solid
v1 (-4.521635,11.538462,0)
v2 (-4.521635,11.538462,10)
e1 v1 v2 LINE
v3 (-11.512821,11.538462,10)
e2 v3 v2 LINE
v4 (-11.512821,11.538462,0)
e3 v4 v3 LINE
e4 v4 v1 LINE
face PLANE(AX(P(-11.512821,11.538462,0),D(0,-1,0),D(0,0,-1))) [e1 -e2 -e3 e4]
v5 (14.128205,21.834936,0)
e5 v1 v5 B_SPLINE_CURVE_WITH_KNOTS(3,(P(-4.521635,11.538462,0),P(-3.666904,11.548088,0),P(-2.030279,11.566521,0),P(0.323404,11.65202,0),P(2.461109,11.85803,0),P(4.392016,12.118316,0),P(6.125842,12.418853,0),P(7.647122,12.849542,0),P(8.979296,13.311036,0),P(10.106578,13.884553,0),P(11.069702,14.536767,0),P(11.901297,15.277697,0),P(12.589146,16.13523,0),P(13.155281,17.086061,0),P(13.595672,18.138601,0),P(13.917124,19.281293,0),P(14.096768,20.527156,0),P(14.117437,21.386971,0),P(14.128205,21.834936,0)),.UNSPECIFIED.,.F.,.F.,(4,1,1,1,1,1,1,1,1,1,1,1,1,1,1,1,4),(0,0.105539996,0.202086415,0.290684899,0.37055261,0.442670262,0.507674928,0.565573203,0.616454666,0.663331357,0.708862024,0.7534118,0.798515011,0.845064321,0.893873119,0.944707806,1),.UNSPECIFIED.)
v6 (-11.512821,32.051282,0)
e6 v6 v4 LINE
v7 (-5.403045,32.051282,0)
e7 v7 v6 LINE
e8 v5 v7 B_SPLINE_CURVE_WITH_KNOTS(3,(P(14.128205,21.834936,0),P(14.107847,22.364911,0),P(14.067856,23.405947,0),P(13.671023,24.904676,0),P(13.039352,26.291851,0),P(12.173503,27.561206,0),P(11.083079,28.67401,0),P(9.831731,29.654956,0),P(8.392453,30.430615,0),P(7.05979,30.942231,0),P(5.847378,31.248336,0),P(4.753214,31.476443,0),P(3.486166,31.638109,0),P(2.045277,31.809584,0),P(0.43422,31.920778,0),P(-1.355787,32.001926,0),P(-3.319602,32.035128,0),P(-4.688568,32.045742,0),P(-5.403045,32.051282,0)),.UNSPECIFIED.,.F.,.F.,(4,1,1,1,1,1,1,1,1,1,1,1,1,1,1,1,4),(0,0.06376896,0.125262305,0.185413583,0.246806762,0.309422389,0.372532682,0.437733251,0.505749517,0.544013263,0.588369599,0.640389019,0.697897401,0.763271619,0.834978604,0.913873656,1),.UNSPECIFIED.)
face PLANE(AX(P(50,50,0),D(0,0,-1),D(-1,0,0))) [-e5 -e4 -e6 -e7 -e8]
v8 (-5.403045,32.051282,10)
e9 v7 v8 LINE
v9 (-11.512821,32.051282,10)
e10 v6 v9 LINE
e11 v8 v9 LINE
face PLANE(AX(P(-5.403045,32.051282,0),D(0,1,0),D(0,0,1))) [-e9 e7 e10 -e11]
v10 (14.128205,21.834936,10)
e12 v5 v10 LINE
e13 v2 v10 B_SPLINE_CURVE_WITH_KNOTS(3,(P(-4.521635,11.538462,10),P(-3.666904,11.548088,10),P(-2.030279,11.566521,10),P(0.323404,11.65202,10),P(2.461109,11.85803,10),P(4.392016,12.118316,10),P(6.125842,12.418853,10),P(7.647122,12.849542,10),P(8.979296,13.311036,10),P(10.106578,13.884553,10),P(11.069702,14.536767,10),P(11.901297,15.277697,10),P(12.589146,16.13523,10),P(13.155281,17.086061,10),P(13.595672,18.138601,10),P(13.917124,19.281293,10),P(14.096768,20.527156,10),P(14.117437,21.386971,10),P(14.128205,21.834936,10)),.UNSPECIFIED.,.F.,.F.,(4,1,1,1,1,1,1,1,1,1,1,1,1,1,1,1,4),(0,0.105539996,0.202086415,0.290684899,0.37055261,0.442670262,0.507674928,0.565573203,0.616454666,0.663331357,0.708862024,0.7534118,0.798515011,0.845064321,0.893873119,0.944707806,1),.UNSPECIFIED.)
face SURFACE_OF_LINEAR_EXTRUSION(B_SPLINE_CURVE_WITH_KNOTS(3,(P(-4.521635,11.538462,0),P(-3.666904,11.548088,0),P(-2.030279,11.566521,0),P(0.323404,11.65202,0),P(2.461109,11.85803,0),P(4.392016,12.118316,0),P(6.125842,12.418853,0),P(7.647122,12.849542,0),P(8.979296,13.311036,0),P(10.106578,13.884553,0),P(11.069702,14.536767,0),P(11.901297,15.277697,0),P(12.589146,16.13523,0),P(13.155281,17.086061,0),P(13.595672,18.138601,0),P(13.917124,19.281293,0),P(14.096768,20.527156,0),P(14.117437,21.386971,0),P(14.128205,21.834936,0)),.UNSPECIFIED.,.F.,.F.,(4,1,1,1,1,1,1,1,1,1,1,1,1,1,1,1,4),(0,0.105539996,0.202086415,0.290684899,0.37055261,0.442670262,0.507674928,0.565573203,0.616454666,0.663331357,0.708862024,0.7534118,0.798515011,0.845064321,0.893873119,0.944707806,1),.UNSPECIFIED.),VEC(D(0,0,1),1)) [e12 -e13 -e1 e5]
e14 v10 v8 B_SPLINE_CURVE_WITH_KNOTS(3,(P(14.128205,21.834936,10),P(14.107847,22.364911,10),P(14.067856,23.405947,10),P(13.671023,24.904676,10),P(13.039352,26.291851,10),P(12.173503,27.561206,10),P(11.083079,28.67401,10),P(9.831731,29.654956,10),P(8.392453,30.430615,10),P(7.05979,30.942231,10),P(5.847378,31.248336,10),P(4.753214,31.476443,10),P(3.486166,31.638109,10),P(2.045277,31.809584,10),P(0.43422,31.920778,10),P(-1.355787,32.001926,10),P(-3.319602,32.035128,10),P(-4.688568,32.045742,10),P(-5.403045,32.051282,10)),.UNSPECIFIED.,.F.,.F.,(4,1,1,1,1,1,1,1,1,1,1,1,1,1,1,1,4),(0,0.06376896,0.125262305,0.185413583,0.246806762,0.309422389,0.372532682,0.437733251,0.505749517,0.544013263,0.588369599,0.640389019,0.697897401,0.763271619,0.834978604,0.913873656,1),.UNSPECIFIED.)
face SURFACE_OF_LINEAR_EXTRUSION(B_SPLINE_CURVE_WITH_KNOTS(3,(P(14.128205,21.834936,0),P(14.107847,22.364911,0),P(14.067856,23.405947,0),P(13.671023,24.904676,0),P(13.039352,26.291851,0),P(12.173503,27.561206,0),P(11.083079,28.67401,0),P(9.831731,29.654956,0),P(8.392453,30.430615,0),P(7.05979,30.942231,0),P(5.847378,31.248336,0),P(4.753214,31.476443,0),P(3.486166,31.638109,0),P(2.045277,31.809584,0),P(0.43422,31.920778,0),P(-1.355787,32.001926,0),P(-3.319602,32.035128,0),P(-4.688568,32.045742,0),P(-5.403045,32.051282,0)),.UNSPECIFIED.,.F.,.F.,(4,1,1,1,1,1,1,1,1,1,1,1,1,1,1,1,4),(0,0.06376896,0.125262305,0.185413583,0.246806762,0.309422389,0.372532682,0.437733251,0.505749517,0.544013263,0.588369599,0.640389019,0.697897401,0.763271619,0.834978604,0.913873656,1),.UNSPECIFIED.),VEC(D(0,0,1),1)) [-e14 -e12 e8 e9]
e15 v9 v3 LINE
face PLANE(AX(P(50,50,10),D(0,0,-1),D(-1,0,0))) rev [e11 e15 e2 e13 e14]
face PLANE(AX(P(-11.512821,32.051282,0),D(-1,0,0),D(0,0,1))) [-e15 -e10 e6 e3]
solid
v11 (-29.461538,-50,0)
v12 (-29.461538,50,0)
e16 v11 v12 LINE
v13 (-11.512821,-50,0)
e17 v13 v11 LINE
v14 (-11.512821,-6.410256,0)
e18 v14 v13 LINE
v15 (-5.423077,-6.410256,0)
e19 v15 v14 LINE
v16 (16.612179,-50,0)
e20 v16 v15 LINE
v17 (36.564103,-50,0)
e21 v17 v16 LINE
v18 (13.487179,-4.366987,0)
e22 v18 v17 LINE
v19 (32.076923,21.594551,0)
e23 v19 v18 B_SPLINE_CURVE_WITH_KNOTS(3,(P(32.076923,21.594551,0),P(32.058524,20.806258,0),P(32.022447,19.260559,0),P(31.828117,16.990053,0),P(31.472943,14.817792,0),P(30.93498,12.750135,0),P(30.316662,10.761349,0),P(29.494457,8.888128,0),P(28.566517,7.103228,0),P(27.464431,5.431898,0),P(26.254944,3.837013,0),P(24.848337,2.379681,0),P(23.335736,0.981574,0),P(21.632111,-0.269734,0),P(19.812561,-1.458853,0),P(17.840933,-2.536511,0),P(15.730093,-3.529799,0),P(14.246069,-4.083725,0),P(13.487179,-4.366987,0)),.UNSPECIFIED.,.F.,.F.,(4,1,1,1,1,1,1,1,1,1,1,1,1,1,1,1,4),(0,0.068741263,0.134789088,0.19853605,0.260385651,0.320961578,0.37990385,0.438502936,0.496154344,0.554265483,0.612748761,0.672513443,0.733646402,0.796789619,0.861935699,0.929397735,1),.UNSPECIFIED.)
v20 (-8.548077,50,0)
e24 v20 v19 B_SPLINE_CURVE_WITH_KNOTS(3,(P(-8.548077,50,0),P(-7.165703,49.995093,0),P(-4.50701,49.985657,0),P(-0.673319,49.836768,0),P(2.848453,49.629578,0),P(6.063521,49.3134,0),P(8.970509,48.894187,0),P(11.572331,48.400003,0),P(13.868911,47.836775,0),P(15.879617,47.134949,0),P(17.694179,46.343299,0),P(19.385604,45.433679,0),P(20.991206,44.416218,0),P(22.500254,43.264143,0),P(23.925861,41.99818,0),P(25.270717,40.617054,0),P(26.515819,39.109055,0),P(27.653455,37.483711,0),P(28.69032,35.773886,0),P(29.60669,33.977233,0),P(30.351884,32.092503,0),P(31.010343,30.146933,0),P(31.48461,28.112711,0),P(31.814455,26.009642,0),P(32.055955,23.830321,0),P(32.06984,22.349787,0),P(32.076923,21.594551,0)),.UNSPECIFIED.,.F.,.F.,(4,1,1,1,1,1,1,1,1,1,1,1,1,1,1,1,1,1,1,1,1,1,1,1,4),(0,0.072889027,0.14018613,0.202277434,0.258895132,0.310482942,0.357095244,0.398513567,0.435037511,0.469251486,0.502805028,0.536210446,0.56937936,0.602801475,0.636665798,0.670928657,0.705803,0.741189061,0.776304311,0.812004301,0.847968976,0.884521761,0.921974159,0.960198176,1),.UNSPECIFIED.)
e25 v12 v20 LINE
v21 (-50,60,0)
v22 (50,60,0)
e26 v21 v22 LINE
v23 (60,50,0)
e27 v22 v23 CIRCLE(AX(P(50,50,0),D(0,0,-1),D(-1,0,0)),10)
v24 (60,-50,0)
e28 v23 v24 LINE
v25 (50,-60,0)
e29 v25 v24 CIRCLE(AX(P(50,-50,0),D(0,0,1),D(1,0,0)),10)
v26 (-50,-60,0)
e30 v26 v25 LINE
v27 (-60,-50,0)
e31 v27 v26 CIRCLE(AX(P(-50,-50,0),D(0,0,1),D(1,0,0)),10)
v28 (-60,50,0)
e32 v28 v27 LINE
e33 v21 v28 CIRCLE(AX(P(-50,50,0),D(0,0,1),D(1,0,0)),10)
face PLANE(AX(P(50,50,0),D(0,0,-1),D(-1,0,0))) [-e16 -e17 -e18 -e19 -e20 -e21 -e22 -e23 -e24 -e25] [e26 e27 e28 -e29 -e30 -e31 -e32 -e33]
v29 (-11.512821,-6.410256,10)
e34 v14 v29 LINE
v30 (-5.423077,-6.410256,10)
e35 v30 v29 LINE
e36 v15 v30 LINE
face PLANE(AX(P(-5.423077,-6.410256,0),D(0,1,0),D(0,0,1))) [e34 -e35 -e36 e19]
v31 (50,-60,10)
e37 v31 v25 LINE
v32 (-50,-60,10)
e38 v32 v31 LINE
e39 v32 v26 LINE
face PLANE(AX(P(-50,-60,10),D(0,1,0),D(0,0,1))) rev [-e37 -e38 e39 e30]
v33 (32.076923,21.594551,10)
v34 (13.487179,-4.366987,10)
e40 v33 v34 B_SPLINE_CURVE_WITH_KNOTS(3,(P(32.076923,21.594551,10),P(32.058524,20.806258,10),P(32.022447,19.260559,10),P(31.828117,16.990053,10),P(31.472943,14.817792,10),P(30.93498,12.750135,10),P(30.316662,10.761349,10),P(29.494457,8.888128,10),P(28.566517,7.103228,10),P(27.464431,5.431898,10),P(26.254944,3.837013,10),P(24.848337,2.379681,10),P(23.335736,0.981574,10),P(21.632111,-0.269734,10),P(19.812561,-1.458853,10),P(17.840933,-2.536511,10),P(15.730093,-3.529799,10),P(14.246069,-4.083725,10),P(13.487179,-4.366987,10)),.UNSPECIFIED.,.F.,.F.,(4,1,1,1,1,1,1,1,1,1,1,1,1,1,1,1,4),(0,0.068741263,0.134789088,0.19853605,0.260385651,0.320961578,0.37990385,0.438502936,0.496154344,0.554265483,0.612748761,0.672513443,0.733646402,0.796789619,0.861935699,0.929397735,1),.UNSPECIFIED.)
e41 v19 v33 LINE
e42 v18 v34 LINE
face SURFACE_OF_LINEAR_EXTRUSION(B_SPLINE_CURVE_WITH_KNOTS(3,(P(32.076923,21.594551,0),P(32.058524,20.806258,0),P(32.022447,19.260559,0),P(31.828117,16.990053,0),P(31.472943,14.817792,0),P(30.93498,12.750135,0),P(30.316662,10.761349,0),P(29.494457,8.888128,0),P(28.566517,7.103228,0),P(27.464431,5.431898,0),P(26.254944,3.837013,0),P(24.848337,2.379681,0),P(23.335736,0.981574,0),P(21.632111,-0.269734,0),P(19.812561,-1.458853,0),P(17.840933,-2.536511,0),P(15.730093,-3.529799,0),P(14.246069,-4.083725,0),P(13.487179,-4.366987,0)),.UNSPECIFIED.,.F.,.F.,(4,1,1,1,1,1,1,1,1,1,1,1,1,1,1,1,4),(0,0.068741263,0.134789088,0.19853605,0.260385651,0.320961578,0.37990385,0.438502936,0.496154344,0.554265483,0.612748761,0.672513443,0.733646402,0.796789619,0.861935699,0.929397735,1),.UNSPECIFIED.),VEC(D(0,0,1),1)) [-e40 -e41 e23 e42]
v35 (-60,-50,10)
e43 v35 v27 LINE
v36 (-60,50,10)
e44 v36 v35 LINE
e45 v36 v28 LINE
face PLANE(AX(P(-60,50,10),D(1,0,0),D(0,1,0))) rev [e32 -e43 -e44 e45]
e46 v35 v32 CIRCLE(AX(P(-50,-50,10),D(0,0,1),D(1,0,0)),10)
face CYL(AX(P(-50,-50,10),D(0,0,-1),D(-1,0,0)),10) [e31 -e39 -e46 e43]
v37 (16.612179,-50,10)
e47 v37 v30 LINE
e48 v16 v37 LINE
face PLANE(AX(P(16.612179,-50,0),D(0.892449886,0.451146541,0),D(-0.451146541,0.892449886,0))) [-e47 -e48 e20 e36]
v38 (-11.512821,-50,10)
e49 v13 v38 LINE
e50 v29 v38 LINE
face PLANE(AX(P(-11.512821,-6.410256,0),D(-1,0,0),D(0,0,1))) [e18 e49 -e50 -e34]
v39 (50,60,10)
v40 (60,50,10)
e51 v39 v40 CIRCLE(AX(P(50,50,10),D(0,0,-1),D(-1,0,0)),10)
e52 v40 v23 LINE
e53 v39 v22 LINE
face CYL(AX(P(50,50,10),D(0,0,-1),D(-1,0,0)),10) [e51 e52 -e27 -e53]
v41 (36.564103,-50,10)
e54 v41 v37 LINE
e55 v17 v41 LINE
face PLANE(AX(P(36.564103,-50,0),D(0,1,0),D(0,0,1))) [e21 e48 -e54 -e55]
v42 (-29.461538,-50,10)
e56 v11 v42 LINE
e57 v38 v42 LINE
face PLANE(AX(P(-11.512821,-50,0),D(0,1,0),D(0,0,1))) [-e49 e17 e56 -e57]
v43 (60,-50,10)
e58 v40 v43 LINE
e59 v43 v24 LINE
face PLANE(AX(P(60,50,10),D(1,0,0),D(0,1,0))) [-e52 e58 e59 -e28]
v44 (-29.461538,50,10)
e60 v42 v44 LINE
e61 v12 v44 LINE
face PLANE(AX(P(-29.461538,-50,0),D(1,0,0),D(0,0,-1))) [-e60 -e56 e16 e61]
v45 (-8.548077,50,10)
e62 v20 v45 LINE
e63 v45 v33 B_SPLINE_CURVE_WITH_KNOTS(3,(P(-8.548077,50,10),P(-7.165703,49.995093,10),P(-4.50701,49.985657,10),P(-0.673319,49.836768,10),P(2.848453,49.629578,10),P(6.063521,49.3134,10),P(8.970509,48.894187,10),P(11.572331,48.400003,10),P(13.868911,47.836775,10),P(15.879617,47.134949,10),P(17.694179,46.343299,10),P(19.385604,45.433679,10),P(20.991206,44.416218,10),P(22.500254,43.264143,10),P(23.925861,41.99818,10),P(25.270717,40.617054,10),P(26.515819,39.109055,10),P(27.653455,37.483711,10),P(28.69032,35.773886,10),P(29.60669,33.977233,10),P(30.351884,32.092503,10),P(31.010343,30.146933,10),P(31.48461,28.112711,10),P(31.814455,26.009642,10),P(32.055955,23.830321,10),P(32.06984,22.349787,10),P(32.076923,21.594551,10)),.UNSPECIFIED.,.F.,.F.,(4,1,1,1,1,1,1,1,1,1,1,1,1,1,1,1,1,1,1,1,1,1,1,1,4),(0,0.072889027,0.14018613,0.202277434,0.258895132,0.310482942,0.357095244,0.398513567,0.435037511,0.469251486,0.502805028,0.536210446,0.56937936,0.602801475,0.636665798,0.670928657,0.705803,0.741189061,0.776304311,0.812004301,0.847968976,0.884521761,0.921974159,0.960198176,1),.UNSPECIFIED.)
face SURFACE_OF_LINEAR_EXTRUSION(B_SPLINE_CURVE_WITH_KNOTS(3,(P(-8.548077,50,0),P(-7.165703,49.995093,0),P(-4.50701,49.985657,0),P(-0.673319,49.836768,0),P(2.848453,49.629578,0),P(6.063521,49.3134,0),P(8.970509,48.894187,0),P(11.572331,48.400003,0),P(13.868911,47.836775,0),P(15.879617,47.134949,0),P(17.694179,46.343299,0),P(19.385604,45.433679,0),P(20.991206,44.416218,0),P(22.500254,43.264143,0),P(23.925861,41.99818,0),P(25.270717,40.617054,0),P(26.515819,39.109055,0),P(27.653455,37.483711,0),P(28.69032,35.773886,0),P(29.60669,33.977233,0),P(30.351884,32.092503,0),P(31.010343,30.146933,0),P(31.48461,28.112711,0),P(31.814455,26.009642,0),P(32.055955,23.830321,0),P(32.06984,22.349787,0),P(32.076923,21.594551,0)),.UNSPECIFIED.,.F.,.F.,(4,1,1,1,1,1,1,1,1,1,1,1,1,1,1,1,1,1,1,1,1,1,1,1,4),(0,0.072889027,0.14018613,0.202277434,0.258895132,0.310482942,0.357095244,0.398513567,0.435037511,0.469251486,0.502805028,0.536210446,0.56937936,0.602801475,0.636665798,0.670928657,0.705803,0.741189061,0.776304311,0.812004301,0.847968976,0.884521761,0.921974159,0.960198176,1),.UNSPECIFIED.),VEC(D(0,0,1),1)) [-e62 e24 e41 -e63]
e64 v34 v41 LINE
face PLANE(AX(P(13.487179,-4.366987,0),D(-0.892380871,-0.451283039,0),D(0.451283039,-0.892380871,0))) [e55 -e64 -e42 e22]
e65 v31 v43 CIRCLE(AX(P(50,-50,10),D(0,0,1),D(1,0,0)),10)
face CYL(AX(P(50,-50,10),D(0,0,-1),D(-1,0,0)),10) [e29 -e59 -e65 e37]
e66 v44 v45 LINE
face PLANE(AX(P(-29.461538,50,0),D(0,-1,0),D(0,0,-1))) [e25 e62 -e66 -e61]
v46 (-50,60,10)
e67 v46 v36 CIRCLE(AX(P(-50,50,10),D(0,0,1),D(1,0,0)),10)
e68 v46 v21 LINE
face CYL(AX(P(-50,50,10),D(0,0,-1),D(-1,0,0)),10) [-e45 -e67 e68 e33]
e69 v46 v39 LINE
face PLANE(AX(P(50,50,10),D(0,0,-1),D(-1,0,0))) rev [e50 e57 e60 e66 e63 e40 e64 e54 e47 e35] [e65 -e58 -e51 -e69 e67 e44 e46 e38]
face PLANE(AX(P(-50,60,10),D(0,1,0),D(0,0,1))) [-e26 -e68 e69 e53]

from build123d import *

# Parameters (mm, degrees)
BOSS_EXTRUDE1_DEPTH = 10
CUT_EXTRUDE31_DEPTH = 10


with BuildPart() as part:
    # Sketch1 → Boss-Extrude1 (new body)
    with BuildSketch(Plane.XY):
        with BuildLine():
            Line((-50, 60), (50, 60))
            ThreePointArc((50, 60), (57.071067812, 57.071067812), (60, 50))
            Line((60, 50), (60, -50))
            ThreePointArc((60, -50), (57.071067812, -57.071067812), (50, -60))
            Line((50, -60), (-50, -60))
            ThreePointArc((-50, -60), (-57.071067812, -57.071067812), (-60, -50))
            Line((-60, -50), (-60, 50))
            ThreePointArc((-60, 50), (-57.071067812, 57.071067812), (-50, 60))
        make_face()
    extrude(amount=BOSS_EXTRUDE1_DEPTH)

    # Sketch2 → Cut-Extrude31 (cut)
    with BuildSketch(Plane.XY.offset(10)):
        with BuildLine():
            Line((-29.461538462, 50), (-8.548076923, 50))
            add(Edge.make_bspline(
                [(-8.548076923, 50), (-7.165703481, 49.995093368), (-4.507009959, 49.985656532), (-0.673319115, 49.836768254), (2.848453144, 49.629577996), (6.06352112, 49.313400163), (8.970509353, 48.894186574), (11.572331327, 48.400003124), (13.868910992, 47.836775133), (15.879616825, 47.134948618), (17.694179412, 46.34329895), (19.385604016, 45.433678965), (20.991205978, 44.41621757), (22.500253584, 43.264142601), (23.925860812, 41.998179603), (25.270717156, 40.617054259), (26.515818548, 39.109055197), (27.653455271, 37.483711056), (28.690319571, 35.77388629), (29.606690143, 33.977233301), (30.351884216, 32.092502634), (31.010343063, 30.146932723), (31.484609638, 28.112711264), (31.814455103, 26.009641747), (32.055955049, 23.830321144), (32.069840141, 22.349787486), (32.076923077, 21.594551282)],
                knots=[0, 0, 0, 0, 1.749336639, 3.364467119, 4.854658419, 6.213483162, 7.451590619, 8.570285859, 9.5643256, 10.440900261, 11.26203566, 12.067320669, 12.869050712, 13.665104639, 14.467235401, 15.27997916, 16.102287765, 16.939272006, 17.78853747, 18.631303466, 19.488103222, 20.351255419, 21.228522269, 22.127379805, 23.044756219, 24, 24, 24, 24], degree=3))
            add(Edge.make_bspline(
                [(32.076923077, 21.594551282), (32.058524158, 20.80625818), (32.02244723, 19.260559079), (31.828117272, 16.990053166), (31.472943153, 14.817791924), (30.93498028, 12.750135467), (30.316661832, 10.761349398), (29.494456904, 8.888128065), (28.566517379, 7.103228176), (27.464430716, 5.431897819), (26.254944445, 3.837013405), (24.848337353, 2.379680875), (23.335735975, 0.981574121), (21.632111478, -0.269734192), (19.812561212, -1.45885301), (17.840932629, -2.536511333), (15.730093252, -3.529799011), (14.246068635, -4.083724833), (13.487179487, -4.366987179)],
                knots=[0, 0, 0, 0, 1.099860209, 2.156625411, 3.176576793, 4.16617041, 5.135385252, 6.078461593, 7.016046972, 7.938469504, 8.868247731, 9.803980173, 10.76021508, 11.73834243, 12.748633912, 13.790971185, 14.870363756, 16, 16, 16, 16], degree=3))
            Line((13.487179487, -4.366987179), (36.564102564, -50))
            Line((36.564102564, -50), (16.612179487, -50))
            Line((16.612179487, -50), (-5.423076923, -6.41025641))
            Line((-5.423076923, -6.41025641), (-11.512820513, -6.41025641))
            Line((-11.512820513, -6.41025641), (-11.512820513, -50))
            Line((-11.512820513, -50), (-29.461538462, -50))
            Line((-29.461538462, -50), (-29.461538462, 50))
        make_face()
        with BuildLine():
            Line((-11.512820513, 11.538461538), (-4.521634615, 11.538461538))
            add(Edge.make_bspline(
                [(-4.521634615, 11.538461538), (-3.666904025, 11.548088089), (-2.030278604, 11.566520864), (0.323403709, 11.652019718), (2.461108572, 11.858029706), (4.392016012, 12.118315626), (6.12584218, 12.418853311), (7.647121957, 12.849542059), (8.979295943, 13.311035956), (10.106577827, 13.884553157), (11.069701566, 14.536766606), (11.901297271, 15.277697296), (12.589146155, 16.135230226), (13.155280872, 17.086061349), (13.59567213, 18.138600533), (13.917124011, 19.281293282), (14.096768077, 20.527156336), (14.117436738, 21.386971484), (14.128205128, 21.834935897)],
                knots=[0, 0, 0, 0, 1.688639943, 3.233382647, 4.650958383, 5.928841754, 7.082724185, 8.122798841, 9.049171256, 9.863274652, 10.613301712, 11.341792392, 12.054588806, 12.776240173, 13.521029143, 14.301969904, 15.115324896, 16, 16, 16, 16], degree=3))
            add(Edge.make_bspline(
                [(14.128205128, 21.834935897), (14.1078465, 22.364910501), (14.067855748, 23.405947401), (13.67102325, 24.904675503), (13.03935163, 26.291850903), (12.173502851, 27.561205998), (11.083078881, 28.6740103), (9.831731343, 29.654956154), (8.392453139, 30.430614737), (7.059789828, 30.94223088), (5.847377715, 31.248336096), (4.753214033, 31.476442996), (3.486165902, 31.638108903), (2.04527677, 31.809584375), (0.434219512, 31.920777538), (-1.355787098, 32.001926384), (-3.319602174, 32.035128363), (-4.688567797, 32.045742451), (-5.403044872, 32.051282051)],
                knots=[0, 0, 0, 0, 1.020303359, 2.004196876, 2.966617323, 3.9489082, 4.950758222, 5.960522915, 7.003732012, 8.091992268, 8.70421221, 9.413913587, 10.24622431, 11.166358409, 12.212345909, 13.359657661, 14.621978493, 16, 16, 16, 16], degree=3))
            Line((-5.403044872, 32.051282051), (-11.512820513, 32.051282051))
            Line((-11.512820513, 32.051282051), (-11.512820513, 11.538461538))
        make_face(mode=Mode.SUBTRACT)
    extrude(amount=-CUT_EXTRUDE31_DEPTH, mode=Mode.SUBTRACT)


with BuildPart() as cut_extrude31_piece_1:
    # of the separate pieces the step leaves, piece 1, a body of its own (cut_extrude31_pieces)
    add(part.part.solids().sort_by_distance((-50, 60, 0))[0])


with BuildPart() as cut_extrude31_piece_2:
    # of the separate pieces the step leaves, piece 2, a body of its own (cut_extrude31_pieces)
    add(part.part.solids().sort_by_distance((-11.512820513, 11.538461538, 0))[0])


solid = Compound([cut_extrude31_piece_1.part, cut_extrude31_piece_2.part])
